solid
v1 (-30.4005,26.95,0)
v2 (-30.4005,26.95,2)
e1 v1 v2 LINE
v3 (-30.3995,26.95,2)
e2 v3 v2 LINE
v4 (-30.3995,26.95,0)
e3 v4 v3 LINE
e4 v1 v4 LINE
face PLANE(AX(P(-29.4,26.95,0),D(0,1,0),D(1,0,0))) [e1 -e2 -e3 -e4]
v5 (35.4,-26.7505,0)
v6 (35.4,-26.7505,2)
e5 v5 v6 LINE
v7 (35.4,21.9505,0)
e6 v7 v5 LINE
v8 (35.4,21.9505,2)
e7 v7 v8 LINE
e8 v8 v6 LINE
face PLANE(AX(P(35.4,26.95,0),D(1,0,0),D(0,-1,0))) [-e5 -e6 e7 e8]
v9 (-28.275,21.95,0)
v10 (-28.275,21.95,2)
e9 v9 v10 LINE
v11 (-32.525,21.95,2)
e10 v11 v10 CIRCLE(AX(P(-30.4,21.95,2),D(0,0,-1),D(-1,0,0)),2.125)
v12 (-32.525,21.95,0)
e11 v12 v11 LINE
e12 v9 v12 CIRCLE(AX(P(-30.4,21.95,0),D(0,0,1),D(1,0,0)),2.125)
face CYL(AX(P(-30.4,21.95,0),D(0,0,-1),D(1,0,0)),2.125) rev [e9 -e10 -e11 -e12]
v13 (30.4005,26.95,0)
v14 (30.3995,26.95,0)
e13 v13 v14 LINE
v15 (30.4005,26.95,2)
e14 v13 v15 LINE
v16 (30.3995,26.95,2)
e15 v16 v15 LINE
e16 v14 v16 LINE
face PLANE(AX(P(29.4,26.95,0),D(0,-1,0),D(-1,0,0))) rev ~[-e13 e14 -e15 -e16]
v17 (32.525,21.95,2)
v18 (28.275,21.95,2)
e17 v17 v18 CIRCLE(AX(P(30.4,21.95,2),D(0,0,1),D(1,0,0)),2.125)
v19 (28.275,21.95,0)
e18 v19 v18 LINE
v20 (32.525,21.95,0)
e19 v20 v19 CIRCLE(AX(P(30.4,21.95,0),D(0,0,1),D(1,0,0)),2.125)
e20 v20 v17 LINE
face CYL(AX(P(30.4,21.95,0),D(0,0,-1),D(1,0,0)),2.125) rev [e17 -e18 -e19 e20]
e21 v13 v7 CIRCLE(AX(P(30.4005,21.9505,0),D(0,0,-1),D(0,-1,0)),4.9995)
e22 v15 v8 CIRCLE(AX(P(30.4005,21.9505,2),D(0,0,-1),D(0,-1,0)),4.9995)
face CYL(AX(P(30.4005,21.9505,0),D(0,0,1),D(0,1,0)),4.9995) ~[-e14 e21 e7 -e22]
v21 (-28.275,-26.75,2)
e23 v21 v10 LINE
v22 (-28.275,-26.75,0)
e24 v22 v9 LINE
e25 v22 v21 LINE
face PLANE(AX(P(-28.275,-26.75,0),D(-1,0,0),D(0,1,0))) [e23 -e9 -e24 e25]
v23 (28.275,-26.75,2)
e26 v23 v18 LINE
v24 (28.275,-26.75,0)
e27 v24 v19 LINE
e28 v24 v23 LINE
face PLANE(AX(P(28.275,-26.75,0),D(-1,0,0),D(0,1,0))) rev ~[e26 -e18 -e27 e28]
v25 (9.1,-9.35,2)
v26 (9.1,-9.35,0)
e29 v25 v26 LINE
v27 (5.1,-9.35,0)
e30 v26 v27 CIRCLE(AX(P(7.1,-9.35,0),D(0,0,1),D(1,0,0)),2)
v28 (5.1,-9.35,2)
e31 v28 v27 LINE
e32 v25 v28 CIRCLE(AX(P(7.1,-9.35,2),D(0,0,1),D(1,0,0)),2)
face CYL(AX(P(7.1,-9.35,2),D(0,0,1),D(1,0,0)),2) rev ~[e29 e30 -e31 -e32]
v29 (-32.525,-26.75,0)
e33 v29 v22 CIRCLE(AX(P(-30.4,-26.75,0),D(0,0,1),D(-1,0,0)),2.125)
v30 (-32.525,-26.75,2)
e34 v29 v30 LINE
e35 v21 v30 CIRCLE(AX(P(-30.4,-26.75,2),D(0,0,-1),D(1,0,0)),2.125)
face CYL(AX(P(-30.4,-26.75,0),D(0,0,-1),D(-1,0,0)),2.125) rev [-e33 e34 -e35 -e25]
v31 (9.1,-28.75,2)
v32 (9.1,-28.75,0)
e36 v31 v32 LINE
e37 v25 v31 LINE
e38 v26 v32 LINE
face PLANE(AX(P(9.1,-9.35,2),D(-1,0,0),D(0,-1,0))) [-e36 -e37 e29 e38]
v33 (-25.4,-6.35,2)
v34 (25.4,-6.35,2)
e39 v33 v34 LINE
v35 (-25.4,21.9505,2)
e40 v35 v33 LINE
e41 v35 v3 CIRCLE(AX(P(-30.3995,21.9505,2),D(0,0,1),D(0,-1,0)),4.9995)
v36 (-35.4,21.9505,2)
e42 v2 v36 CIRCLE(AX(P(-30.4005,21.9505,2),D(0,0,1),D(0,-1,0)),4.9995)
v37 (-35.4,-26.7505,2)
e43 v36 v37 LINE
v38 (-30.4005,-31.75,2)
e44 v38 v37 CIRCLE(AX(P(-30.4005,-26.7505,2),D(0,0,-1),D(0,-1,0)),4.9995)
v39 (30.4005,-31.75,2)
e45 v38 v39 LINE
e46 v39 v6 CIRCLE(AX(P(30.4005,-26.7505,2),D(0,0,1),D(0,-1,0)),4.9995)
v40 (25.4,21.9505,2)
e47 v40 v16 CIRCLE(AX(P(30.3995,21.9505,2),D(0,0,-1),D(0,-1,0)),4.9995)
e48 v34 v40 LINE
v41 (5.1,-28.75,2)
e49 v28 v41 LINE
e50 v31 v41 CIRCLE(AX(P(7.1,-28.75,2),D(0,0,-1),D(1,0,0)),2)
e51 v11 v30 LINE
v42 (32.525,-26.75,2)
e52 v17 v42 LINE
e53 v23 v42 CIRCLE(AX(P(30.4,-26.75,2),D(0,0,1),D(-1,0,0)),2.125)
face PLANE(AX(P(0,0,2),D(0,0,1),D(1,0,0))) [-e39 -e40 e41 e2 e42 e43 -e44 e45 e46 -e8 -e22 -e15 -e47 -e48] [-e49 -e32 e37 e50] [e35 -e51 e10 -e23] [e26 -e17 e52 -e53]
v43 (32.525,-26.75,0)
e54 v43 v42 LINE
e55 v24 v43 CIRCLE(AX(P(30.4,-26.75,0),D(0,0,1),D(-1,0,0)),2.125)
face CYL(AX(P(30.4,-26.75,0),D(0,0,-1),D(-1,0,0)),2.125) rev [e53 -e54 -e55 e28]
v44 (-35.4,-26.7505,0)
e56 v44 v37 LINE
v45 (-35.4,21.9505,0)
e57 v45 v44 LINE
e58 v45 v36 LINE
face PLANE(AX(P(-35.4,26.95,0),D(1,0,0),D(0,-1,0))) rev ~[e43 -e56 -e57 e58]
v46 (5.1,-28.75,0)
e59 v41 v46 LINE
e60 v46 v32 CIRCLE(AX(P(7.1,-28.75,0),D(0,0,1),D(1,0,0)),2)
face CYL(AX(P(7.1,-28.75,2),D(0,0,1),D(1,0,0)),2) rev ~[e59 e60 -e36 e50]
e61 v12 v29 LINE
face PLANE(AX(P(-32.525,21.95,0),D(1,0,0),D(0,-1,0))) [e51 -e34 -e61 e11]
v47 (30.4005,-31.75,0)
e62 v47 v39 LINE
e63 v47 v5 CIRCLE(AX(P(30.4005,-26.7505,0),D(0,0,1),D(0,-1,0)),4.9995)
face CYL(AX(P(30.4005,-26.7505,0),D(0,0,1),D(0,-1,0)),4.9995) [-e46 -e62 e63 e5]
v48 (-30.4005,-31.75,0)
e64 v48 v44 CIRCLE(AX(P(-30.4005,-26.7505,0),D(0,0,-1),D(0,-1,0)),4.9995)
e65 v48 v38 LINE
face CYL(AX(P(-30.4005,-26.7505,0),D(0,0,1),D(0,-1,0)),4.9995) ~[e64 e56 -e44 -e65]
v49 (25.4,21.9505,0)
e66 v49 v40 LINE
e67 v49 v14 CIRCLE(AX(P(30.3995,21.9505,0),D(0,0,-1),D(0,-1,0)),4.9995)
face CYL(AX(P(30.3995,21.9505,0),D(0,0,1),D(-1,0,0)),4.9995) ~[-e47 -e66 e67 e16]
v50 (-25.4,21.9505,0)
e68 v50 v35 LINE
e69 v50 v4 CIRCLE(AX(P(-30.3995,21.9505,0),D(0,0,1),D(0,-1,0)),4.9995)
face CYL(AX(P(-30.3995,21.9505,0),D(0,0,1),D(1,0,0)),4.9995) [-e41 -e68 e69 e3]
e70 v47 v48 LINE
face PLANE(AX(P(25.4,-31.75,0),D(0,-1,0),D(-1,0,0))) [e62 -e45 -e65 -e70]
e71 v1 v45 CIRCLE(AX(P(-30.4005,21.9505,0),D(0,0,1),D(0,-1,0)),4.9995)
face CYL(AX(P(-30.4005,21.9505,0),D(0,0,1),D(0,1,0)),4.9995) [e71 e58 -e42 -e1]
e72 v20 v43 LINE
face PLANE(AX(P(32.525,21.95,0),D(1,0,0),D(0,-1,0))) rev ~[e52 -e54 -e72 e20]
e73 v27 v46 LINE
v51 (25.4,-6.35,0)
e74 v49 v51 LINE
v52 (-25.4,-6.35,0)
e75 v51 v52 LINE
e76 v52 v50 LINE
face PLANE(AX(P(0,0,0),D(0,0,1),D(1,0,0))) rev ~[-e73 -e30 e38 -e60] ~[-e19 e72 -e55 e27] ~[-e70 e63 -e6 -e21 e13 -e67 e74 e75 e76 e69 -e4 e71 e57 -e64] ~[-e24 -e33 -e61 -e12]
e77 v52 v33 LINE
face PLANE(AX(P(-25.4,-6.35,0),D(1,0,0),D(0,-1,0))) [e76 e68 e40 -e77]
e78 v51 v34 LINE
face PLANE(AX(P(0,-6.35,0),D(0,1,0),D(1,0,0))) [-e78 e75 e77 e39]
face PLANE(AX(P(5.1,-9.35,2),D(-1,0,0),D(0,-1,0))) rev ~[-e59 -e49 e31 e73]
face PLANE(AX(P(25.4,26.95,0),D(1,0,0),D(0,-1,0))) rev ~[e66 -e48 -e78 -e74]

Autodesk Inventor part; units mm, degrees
ref_plane "YZ Plane" through (0, 0, 0) normal (1, 0, 0) x (0, 1, 0)
ref_plane "XZ Plane" through (0, 0, 0) normal (0, 1, 0) x (-1, 0, 0)
ref_plane "XY Plane" through (0, 0, 0) normal (0, 0, 1) x (1, 0, 0)
sketch "Sketch1" plane through (0, 0, 0) normal (0, 0, 1) x (1, 0, 0)
  line L0 (0, -6.35) -> (25.4, -6.35)
  line L1 (25.4, -6.35) -> (25.4, -31.75)
  line L2 (25.4, -31.75) -> (-25.4, -31.75)
  line L3 (-25.4, -31.75) -> (-25.4, -6.35)
  line L4 (-25.4, -6.35) -> (0, -6.35)
  point P0 (-6.35, -6.35)
  point P1 (6.35, -6.35)
  dimension "d7" = 25.4
  dimension "d8" = 25.4
  dimension "d9" = 50.8
extrude "Extrusion1" add sketch "Sketch1" along normal blind 2
sketch "Sketch2" plane through (0, 0, 2) normal (0, 0, 1) x (1, 0, 0)
  line L0 (-25.4, -6.35) -> (-25.4, -31.75) projected
  line L1 (-25.4, -31.75) -> (7.1, -31.75)
  line L2 (-25.4, -31.75) -> (25.4, -31.75) projected
  line L3 (7.1, -31.75) -> (7.1, -30.75)
  line L4 (7.1, -30.75) -> (7.1, -28.75)
  circle A0 centre (7.1, -28.75) radius 2
  circle A1 centre (7.1, -9.35) radius 2
  line L5 (5.1, -9.35) -> (5.1, -28.75)
  line L6 (9.1, -9.35) -> (9.1, -28.75)
  point P0 (0, 0)
  dimension "d10" = 32.5
  dimension "d11" = 1
  dimension "d12" = 2
  dimension "d13" = 4
  dimension "d15" = 4
extrude "Extrusion2" cut sketch "Sketch2" against normal blind 2.54
sketch "Sketch3" plane through (0, 0, 0) normal (0, 0, 1) x (1, 0, 0)
  line L0 (-25.4, -6.35) -> (-25.4, -31.75) projected
  line L1 (-25.4, -6.35) -> (-25.4, -31.75)
  line L2 (-25.4, -31.75) -> (-35.4, -31.75)
  line L3 (-29.4, 26.95) -> (-35.4, 26.95)
  line L4 (-35.4, 26.95) -> (-35.4, -31.75)
  line L5 (-29.4, 26.95) -> (-25.4, 26.95)
  line L6 (-25.4, 26.95) -> (-25.4, -6.35)
  line L7 (25.4, -6.35) -> (-25.4, -6.35) projected
  line L8 (0, -6.35) -> (0, -31.75)
  line L9 (-25.4, -31.75) -> (25.4, -31.75) projected
  line L10 (25.4, -6.35) -> (25.4, -31.75)
  line L11 (25.4, -6.35) -> (25.4, -31.75)
  line L12 (25.4, -31.75) -> (35.4, -31.75)
  line L13 (29.4, 26.95) -> (35.4, 26.95)
  line L14 (35.4, 26.95) -> (35.4, -31.75)
  line L15 (29.4, 26.95) -> (25.4, 26.95)
  line L16 (25.4, 26.95) -> (25.4, -6.35)
  line L17 (-30.4, -31.75) -> (-30.4, -26.75)
  arc A0 (-32.525, -26.75) -> (-28.275, -26.75) centre (-30.4, -26.75) ccw
  line L18 (-30.4, 26.95) -> (-30.4, 21.95)
  arc A1 (-28.275, 21.95) -> (-32.525, 21.95) centre (-30.4, 21.95) ccw
  line L19 (-32.525, 21.95) -> (-32.525, -26.75)
  line L20 (-28.275, -26.75) -> (-28.275, 21.95)
  arc A2 (28.275, -26.75) -> (32.525, -26.75) centre (30.4, -26.75) ccw
  arc A3 (32.525, 21.95) -> (28.275, 21.95) centre (30.4, 21.95) ccw
  line L21 (32.525, 21.95) -> (32.525, -26.75)
  line L22 (28.275, -26.75) -> (28.275, 21.95)
  point P0 (0, 0)
  dimension "d26" = 10
  dimension "d36" = 5
  dimension "d37" = 4.25
  dimension "d38" = 5
  dimension "d39" = 4.25
extrude "Extrusion3" add sketch "Sketch3" along normal blind 2 contours L0 L2 L17 A0 L20 A1 L18 L3 L5 L6 | L2 L4 L3 L18 A1 L19 A0 L17 | L16 L15 L13 L14 L12 L10
fillet "Fillet1" radius 5 6 edges at (-35.4, 26.95, 1) (-25.4, 26.95, 1) (-35.4, -31.75, 1) (25.4, 26.95, 1) (35.4, 26.95, 1) (35.4, -31.75, 1)
properties part number "Ultrasonic Sensor"
